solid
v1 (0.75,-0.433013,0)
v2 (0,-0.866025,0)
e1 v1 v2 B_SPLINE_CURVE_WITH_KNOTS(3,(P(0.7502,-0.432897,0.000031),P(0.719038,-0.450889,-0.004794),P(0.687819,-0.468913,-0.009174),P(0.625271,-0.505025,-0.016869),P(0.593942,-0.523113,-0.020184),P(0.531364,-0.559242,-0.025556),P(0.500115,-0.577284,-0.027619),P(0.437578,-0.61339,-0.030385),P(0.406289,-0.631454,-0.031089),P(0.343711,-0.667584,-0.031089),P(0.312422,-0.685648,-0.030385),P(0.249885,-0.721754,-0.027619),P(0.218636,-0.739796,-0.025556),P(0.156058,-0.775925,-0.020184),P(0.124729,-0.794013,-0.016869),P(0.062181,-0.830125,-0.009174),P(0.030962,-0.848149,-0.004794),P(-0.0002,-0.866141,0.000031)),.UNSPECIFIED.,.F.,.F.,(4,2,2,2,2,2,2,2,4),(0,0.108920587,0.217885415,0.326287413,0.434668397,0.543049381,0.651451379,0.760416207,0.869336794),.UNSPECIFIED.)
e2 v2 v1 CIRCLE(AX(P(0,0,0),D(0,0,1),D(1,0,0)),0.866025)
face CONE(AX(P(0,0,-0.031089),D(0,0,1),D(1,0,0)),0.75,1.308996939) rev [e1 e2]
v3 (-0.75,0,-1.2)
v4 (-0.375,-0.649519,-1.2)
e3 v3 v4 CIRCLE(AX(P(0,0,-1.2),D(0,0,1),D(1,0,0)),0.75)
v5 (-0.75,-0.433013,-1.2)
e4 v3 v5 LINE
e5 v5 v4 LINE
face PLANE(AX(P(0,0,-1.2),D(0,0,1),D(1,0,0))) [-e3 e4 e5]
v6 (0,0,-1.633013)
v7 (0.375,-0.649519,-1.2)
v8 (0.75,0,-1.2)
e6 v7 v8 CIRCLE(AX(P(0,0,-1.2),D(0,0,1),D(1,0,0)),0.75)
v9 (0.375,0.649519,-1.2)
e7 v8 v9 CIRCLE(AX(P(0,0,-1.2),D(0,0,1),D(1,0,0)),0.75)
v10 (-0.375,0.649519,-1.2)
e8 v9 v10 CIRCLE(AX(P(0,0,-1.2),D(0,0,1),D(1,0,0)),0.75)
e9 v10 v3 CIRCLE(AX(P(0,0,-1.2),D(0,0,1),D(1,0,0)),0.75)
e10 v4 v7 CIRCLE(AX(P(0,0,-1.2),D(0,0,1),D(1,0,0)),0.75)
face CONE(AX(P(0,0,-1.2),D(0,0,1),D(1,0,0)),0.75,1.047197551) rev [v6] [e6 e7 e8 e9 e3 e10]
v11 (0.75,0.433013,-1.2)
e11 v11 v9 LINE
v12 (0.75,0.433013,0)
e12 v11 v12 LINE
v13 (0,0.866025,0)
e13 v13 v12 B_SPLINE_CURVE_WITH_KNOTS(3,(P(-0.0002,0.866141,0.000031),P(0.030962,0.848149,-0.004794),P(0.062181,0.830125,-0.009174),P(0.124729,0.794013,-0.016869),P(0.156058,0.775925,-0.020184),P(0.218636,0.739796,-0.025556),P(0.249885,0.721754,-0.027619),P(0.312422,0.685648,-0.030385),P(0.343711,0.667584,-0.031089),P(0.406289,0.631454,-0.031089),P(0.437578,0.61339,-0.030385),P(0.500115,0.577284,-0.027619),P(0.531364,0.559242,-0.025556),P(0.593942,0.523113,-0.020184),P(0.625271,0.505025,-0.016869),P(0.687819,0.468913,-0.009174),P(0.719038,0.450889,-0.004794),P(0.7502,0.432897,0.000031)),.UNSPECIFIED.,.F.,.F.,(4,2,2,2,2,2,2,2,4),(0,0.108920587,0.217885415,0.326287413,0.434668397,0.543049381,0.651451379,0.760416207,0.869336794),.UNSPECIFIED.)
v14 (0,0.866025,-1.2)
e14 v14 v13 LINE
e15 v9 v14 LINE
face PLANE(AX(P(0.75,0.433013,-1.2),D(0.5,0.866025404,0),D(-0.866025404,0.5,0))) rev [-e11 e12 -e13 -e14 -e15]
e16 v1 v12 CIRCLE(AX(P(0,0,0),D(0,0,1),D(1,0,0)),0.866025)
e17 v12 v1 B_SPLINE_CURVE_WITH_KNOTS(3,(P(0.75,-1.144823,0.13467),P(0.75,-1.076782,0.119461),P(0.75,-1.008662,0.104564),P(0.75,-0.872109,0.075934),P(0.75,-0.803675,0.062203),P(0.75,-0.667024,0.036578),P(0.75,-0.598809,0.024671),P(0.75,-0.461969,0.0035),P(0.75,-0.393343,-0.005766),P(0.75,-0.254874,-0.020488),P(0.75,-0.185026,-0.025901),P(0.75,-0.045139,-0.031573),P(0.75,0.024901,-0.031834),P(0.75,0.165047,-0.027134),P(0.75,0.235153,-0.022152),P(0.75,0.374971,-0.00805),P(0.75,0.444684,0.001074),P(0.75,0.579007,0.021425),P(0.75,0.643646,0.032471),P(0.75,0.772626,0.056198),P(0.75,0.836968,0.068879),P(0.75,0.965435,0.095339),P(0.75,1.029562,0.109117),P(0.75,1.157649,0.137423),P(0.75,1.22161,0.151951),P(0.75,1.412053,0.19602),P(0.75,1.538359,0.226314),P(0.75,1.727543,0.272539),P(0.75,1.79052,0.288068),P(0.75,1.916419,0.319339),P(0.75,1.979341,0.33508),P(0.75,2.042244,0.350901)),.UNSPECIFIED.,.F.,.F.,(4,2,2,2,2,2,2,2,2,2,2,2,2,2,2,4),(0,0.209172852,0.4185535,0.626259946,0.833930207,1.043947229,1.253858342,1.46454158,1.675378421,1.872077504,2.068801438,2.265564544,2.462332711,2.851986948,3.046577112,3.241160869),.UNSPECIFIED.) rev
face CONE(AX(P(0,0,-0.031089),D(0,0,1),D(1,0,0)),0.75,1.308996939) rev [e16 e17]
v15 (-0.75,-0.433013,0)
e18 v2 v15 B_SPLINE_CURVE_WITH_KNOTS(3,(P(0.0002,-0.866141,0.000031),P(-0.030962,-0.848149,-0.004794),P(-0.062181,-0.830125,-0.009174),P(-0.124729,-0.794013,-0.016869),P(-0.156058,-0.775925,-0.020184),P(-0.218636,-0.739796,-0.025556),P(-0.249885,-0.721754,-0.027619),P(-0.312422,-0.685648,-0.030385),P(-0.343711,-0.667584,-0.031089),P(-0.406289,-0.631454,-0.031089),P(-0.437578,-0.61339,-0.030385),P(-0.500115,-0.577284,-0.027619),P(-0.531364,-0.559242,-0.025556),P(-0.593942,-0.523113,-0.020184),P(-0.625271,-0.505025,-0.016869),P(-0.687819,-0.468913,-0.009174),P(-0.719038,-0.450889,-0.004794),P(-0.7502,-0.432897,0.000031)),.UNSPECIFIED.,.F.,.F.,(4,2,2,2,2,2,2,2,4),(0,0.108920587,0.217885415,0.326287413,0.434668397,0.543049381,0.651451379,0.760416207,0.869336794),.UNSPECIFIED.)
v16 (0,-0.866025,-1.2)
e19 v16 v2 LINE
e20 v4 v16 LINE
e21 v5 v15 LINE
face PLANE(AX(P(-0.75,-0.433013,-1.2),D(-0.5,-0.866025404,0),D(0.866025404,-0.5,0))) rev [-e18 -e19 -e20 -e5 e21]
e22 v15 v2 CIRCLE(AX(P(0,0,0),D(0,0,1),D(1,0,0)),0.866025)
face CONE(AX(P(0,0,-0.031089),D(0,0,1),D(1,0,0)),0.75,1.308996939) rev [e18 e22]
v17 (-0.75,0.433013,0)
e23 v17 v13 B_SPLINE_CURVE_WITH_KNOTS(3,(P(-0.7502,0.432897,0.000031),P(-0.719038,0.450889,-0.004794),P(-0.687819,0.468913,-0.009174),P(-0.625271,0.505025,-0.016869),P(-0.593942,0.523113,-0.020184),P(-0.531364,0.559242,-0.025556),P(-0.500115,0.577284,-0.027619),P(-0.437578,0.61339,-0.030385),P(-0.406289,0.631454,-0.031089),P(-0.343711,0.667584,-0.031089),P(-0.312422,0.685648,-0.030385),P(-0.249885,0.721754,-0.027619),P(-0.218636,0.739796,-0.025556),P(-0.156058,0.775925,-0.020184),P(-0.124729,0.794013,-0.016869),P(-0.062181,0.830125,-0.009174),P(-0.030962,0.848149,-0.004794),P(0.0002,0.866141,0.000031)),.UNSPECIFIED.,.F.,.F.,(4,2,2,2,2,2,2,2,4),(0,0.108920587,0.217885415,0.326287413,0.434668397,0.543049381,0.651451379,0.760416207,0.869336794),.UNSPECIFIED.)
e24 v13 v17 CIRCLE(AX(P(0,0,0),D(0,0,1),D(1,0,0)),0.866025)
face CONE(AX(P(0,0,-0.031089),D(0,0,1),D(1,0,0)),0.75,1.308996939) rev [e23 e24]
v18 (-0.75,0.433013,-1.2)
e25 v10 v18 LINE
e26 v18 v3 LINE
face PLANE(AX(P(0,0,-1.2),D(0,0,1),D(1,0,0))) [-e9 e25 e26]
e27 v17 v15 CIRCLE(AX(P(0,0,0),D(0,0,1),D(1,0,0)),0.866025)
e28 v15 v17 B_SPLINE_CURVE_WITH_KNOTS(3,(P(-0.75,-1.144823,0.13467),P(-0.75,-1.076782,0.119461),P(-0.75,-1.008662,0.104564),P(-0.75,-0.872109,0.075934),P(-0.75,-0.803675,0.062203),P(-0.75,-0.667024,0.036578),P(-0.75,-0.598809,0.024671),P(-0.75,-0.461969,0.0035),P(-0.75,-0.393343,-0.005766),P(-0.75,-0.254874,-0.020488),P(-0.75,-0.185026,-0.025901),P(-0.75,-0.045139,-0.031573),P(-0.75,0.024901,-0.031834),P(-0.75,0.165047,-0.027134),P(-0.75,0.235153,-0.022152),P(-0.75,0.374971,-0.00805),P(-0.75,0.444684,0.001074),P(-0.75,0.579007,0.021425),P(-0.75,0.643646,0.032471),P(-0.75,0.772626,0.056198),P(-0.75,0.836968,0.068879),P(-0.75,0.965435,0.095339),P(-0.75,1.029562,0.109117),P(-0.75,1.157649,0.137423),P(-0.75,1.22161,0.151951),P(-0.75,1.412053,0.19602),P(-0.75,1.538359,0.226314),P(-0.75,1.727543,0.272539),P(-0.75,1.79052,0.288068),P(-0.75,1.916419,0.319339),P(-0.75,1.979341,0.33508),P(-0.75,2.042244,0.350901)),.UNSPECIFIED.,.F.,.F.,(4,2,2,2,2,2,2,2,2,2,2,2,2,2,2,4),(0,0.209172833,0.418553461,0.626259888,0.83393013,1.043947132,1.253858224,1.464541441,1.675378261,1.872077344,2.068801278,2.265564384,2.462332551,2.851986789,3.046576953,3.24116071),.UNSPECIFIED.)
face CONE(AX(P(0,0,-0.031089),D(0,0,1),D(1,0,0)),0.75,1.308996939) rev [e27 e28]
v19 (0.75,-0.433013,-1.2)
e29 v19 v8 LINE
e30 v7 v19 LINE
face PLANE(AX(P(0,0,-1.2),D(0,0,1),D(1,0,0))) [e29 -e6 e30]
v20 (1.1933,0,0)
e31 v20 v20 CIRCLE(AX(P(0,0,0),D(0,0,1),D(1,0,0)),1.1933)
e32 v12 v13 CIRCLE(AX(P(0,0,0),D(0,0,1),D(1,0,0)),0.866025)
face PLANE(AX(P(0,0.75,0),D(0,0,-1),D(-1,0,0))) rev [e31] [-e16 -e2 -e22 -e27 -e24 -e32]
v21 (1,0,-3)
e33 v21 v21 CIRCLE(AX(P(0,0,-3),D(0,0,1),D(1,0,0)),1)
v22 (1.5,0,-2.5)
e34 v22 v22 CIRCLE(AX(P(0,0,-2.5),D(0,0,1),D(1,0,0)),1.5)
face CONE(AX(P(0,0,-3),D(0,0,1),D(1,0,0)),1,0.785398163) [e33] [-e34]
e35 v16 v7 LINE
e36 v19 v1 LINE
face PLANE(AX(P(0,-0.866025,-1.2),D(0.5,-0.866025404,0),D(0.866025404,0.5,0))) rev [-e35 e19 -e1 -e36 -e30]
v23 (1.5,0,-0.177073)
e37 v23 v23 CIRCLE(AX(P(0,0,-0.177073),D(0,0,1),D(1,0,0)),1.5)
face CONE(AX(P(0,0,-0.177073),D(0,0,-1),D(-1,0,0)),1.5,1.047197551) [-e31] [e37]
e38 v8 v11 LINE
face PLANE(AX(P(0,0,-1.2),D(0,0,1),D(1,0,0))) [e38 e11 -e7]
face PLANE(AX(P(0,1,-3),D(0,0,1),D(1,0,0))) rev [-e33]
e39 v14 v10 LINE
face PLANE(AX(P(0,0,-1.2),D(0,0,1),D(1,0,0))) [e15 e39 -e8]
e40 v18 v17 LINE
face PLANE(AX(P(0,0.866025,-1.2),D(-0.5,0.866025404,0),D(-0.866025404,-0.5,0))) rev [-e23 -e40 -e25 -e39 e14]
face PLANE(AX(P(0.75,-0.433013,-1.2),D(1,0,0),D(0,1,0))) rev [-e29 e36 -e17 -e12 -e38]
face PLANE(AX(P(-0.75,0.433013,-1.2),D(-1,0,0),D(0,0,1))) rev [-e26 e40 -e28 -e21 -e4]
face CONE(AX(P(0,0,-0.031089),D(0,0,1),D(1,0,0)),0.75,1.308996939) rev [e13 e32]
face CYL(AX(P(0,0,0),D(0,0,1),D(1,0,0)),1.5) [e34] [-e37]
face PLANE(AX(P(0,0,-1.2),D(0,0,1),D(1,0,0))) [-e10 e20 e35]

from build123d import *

# Parameters (mm, degrees)
CUT_EXTRUDE1_DEPTH = 1.2


with BuildPart() as part:
    # Sketch1 → Revolve1 (revolve)
    with BuildSketch(Plane(origin=(0, 0, 0), x_dir=(0, 0, -1), z_dir=(1, 0, 0)), mode=Mode.PRIVATE) as revolve1_sk:
        Polygon((0.177073328, 1.5), (2.5, 1.5), (3, 1), (3, 0), (1.633012702, 0), (1.2, 0.75), (0, 0.75), (0, 1.1933), align=None)
    revolve(revolve1_sk.sketch.rotate(Axis((0, 0, 0), (0, 0, -1)), 90), axis=Axis((0, 0, 0), (0, 0, -1)))

    # Sketch2 → Cut-Extrude1 (cut)
    with BuildSketch(Plane.XY):
        Polygon((0, 0.866025404), (-0.75, 0.433012702), (-0.75, -0.433012702), (0, -0.866025404), (0.75, -0.433012702), (0.75, 0.433012702), align=None)
    extrude(amount=-CUT_EXTRUDE1_DEPTH, mode=Mode.SUBTRACT)

    # Sketch3 → Cut-Revolve2 (revolve, cut)
    with BuildSketch(Plane(origin=(0, 0, 0), x_dir=(0, 0, -1), z_dir=(1, 0, 0))):
        Polygon((0, 0.75), (0, 0.866025404), (0.031088913, 0.75), align=None)
    revolve(axis=Axis((0, 0, 0), (0, 0, -1)), mode=Mode.SUBTRACT)


solid = part.part
